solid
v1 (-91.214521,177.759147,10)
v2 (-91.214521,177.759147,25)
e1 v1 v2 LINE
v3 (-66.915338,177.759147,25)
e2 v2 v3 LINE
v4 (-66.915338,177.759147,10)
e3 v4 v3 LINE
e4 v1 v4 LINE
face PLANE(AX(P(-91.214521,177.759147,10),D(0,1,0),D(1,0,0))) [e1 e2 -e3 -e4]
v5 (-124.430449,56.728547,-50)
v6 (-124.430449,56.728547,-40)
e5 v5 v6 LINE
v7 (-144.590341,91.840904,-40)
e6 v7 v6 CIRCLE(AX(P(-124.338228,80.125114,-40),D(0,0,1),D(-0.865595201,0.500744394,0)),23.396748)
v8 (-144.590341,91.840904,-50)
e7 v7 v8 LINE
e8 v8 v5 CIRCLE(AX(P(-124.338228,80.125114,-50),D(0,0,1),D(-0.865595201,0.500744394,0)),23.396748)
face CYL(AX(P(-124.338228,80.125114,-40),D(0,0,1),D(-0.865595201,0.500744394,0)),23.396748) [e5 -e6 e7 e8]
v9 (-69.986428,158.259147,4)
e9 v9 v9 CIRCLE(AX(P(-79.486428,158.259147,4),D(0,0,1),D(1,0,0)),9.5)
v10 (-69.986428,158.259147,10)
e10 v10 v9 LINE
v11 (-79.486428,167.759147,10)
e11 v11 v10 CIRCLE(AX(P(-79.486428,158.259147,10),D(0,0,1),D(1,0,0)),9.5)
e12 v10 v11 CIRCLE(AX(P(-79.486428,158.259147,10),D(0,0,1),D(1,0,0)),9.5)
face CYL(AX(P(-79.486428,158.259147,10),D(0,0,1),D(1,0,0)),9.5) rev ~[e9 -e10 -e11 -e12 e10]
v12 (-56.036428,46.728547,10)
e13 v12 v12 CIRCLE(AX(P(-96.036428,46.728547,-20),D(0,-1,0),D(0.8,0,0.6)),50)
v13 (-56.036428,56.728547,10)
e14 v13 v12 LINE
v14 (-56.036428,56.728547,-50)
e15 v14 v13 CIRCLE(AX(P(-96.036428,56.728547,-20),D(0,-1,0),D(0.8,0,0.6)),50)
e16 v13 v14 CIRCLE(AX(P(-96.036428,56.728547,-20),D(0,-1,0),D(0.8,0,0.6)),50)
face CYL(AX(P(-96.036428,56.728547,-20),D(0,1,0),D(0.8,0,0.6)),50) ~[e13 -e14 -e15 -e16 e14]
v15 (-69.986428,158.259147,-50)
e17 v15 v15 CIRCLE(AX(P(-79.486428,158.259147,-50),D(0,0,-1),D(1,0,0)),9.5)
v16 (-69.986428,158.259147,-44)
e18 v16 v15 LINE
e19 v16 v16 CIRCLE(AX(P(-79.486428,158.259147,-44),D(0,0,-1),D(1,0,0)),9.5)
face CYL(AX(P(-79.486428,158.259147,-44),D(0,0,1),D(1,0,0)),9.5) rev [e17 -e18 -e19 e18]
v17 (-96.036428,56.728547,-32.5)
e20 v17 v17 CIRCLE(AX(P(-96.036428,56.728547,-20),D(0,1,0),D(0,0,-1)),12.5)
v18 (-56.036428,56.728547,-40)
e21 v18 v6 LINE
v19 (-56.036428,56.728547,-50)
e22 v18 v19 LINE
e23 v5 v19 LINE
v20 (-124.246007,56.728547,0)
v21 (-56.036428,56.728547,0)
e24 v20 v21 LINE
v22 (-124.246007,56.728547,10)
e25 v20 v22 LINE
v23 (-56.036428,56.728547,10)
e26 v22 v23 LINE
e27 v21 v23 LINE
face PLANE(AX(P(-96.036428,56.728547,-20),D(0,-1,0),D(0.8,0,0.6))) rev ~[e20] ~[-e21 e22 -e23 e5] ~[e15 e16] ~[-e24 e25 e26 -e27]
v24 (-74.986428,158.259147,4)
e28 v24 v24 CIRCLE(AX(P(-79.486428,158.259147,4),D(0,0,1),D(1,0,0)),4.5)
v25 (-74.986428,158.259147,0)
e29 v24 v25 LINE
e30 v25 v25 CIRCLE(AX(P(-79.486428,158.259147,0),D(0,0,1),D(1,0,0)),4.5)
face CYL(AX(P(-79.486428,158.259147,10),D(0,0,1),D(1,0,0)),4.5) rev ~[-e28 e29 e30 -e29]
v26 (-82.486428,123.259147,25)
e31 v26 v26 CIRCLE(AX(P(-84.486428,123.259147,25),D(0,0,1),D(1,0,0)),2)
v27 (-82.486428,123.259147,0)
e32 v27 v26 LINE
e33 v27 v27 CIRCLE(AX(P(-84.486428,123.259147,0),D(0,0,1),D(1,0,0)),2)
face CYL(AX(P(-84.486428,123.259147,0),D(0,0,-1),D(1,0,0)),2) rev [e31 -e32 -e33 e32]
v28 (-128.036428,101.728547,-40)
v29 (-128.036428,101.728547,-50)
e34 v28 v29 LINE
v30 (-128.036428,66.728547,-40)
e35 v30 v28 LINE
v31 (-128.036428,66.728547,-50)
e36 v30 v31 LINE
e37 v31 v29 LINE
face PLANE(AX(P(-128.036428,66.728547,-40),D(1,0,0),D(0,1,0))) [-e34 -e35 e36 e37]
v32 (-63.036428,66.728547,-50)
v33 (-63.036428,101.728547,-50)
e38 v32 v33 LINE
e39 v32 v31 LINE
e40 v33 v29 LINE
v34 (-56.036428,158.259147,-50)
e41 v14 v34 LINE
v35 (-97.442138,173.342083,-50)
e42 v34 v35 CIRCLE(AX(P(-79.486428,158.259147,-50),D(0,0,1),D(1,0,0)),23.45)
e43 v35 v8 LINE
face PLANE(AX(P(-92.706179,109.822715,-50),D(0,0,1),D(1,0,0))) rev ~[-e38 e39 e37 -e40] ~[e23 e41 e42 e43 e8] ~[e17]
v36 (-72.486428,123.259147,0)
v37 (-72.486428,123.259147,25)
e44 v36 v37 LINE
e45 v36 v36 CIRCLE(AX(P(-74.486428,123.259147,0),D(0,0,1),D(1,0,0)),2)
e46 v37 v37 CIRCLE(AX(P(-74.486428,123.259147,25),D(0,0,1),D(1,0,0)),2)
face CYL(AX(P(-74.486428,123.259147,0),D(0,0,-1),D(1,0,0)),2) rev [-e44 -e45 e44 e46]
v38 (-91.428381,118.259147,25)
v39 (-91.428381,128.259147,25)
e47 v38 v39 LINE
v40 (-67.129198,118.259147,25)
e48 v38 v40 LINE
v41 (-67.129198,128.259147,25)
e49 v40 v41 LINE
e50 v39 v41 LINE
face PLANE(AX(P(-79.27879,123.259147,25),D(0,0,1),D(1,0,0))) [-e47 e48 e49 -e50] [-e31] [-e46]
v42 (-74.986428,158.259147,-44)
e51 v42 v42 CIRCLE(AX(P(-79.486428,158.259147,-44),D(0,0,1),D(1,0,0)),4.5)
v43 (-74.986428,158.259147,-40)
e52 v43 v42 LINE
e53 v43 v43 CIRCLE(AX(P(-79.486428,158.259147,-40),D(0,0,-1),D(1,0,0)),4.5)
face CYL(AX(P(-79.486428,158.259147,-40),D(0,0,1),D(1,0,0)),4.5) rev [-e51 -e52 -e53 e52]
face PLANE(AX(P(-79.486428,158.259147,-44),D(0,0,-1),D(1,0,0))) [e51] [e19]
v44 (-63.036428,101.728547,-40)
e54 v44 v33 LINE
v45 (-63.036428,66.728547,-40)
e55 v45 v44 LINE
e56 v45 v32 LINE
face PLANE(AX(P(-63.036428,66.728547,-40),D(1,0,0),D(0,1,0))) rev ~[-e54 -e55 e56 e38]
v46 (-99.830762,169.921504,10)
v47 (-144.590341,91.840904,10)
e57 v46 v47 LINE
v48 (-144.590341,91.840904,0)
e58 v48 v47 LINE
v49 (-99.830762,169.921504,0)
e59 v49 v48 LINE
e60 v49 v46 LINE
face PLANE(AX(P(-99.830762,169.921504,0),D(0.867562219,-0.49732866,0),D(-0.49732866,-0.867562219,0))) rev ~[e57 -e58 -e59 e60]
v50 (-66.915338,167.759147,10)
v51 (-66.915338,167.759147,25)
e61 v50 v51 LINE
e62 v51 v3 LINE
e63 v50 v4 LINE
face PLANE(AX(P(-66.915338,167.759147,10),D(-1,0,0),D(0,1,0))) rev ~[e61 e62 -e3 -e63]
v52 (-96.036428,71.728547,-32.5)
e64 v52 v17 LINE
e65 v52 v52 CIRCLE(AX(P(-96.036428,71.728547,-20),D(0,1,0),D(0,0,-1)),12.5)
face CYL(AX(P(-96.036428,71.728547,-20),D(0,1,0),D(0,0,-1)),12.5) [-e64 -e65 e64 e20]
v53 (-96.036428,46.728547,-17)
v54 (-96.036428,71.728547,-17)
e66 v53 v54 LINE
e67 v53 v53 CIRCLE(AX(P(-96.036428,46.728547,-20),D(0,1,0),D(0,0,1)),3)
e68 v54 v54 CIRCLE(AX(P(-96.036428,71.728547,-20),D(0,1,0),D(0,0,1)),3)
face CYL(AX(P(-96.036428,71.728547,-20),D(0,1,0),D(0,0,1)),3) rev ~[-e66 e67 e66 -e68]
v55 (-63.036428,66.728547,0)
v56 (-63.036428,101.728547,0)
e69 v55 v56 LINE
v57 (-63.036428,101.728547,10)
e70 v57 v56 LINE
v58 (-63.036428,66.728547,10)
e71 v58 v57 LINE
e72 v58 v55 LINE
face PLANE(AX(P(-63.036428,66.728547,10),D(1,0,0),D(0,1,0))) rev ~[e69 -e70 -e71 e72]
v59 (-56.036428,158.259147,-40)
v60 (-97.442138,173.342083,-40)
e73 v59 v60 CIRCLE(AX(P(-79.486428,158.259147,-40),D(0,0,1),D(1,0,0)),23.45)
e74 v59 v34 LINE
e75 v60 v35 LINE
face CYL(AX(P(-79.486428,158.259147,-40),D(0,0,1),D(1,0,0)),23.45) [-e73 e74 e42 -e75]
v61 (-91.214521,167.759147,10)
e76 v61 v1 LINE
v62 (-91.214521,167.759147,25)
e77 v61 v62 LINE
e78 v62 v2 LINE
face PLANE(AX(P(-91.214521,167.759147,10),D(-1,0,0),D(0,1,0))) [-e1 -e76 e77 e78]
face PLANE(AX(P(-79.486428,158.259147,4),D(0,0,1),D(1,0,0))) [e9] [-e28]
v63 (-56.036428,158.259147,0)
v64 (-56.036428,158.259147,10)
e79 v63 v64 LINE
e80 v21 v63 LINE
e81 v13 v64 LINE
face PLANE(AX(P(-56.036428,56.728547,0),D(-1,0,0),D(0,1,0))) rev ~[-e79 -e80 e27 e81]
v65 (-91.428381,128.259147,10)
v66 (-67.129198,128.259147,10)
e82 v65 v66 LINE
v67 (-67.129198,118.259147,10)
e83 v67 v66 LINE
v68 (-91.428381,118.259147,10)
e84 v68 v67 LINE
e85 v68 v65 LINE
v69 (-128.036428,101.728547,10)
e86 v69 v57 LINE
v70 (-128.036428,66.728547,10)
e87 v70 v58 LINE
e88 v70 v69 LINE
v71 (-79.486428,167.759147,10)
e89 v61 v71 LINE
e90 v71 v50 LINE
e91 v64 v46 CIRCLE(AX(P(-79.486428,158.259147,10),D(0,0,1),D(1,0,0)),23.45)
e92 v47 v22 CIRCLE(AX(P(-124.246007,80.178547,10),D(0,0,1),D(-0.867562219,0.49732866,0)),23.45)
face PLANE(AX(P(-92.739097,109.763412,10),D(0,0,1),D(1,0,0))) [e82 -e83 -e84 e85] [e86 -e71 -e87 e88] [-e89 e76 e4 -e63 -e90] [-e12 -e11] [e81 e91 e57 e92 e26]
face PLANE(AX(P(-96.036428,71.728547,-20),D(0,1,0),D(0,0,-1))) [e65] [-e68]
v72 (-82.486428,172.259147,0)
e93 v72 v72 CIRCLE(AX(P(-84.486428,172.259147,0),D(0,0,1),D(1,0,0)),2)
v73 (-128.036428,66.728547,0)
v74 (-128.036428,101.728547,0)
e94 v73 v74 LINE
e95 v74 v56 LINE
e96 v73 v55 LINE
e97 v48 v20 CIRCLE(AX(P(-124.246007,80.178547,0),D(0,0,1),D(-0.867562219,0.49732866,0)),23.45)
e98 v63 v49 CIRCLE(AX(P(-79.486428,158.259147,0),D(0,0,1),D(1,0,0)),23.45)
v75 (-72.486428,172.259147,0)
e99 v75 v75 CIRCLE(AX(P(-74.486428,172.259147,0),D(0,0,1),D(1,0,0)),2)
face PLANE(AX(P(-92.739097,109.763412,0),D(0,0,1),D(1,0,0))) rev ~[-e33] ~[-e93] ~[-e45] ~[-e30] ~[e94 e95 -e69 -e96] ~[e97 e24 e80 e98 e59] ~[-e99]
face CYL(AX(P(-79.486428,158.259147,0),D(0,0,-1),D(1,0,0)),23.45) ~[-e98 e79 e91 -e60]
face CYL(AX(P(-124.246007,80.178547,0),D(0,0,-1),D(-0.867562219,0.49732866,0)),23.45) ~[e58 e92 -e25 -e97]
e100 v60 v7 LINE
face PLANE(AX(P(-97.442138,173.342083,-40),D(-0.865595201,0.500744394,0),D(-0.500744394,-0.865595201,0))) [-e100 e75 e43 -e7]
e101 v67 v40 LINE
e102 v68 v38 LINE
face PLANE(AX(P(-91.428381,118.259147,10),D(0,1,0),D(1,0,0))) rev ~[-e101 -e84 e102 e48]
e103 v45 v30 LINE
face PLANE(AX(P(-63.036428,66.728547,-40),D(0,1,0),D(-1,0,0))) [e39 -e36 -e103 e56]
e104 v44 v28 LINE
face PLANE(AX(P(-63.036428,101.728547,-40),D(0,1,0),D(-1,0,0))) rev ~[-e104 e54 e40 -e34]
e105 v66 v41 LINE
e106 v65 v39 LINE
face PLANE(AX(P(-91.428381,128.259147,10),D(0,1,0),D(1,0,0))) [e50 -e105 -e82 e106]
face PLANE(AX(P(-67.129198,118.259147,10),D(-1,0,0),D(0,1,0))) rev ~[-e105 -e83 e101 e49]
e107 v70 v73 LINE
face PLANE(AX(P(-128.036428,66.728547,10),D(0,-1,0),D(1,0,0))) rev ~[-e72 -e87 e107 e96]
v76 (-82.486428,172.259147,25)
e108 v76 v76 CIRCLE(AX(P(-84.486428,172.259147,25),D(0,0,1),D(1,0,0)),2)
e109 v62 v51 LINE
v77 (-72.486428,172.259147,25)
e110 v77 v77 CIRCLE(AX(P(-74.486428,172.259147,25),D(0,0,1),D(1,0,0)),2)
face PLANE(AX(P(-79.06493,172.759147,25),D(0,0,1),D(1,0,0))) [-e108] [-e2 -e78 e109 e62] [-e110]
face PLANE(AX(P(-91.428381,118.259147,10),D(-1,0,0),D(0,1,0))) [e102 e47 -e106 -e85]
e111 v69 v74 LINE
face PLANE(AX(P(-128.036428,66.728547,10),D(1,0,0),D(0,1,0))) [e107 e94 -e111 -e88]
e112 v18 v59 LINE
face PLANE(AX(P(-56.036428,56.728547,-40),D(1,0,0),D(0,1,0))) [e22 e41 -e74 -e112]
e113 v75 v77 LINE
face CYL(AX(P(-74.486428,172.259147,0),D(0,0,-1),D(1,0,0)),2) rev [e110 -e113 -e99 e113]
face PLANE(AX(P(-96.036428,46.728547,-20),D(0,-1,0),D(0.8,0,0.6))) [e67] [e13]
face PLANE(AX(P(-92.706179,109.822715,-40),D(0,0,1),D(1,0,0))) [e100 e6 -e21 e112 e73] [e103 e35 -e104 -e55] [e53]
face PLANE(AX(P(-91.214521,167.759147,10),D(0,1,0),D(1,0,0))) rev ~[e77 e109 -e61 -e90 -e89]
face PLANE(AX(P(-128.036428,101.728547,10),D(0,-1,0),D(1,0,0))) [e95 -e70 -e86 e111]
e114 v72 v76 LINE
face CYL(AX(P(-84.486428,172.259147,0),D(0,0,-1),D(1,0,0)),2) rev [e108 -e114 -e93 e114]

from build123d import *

# Parameters (mm, degrees)
BOSS_EXTRUDE2_DEPTH     = 10
CUT_EXTRUDE2_REACH      = 236.376
SKETCH2_R               = 4.5
SKETCH3_R               = 9.5
CUT_EXTRUDE3_DEPTH      = 6
SKETCH6_W               = 24.299182762
SKETCH6_H               = 10
SKETCH6_W_2             = 24.299182761
BOSS_EXTRUDE7_DEPTH     = 15
CUT_EXTRUDE5_DEPTH      = 15
CUT_EXTRUDE5_DEPTH_BACK = 10
SKETCH5_R               = 2
SKETCH10_W              = 65
SKETCH10_H              = 35
CUT_EXTRUDE6_DEPTH      = 235.64297264
SKETCH11_R              = 4.5
SKETCH11_W              = 65
SKETCH11_H              = 35
BOSS_EXTRUDE8_DEPTH     = 10
SKETCH12_R              = 50
BOSS_EXTRUDE9_DEPTH     = 10
SKETCH13_R              = 3
CUT_EXTRUDE7_DEPTH      = 10
BOSS_EXTRUDE10_START    = 15
SKETCH14_R              = 12.5
SKETCH14_R_2            = 3
BOSS_EXTRUDE10_DEPTH    = 15
CUT_EXTRUDE8_START      = -6
SKETCH15_R              = 9.5
CUT_EXTRUDE8_DEPTH      = 6


with BuildPart() as part:
    # Sketch1 → Boss-Extrude2 (new body)
    with BuildSketch(Plane.XY):
        with BuildLine():
            Line((-99.83076192, 169.92150388), (-144.590341361, 91.840904188))
            ThreePointArc((-144.590341361, 91.840904188), (-144.536211539, 68.422267368), (-124.24600733, 56.7285471))
            Line((-124.24600733, 56.7285471), (-79.486427889, 56.7285471))
            Line((-79.486427889, 56.7285471), (-79.24600733, 56.7285471))
            Line((-79.24600733, 56.7285471), (-56.036427889, 56.7285471))
            Line((-56.036427889, 56.7285471), (-56.036427889, 158.259146792))
            ThreePointArc((-56.036427889, 158.259146792), (-73.452032021, 180.919432901), (-99.83076192, 169.92150388))
        make_face()
    extrude(amount=BOSS_EXTRUDE2_DEPTH)

    # Sketch2 → Cut-Extrude2 (cut, up to next)
    with BuildSketch(Plane.XY.offset(10), mode=Mode.PRIVATE) as cut_extrude2_sk1:
        with Locations((-79.486427889, 158.259146792)):
            Circle(SKETCH2_R)
    cut_extrude2_tool1 = extrude(cut_extrude2_sk1.sketch, amount=-CUT_EXTRUDE2_REACH, mode=Mode.PRIVATE) & part.part
    add(cut_extrude2_tool1.solids().sort_by_distance((-79.486428, 158.259147, 10))[0], mode=Mode.SUBTRACT)

    # Sketch3 → Cut-Extrude3 (cut)
    with BuildSketch(Plane.XY.offset(10)):
        with Locations((-79.486427889, 158.259146792)):
            Circle(SKETCH3_R)
    extrude(amount=-CUT_EXTRUDE3_DEPTH, mode=Mode.SUBTRACT)

    # Sketch6 → Boss-Extrude7 (add)
    with BuildSketch(Plane.XY.offset(10)):
        with Locations((-79.278789724, 123.259146792)):
            Rectangle(SKETCH6_W, SKETCH6_H)
        with Locations((-79.064929675, 172.759146792)):
            Rectangle(SKETCH6_W_2, SKETCH6_H)
    extrude(amount=BOSS_EXTRUDE7_DEPTH)

    # Sketch5 → Cut-Extrude5 (cut, two sides: drawn at the far end of the back side and taken through both)
    with BuildSketch(Plane.XY.offset(10).offset(-CUT_EXTRUDE5_DEPTH_BACK)):
        with Locations((-84.486427889, 172.259146792)):
            Circle(SKETCH5_R)
        with Locations((-74.486427889, 172.259146792)):
            Circle(SKETCH5_R)
        with Locations((-84.486427889, 123.259146792)):
            Circle(SKETCH5_R)
        with Locations((-74.486427889, 123.259146792)):
            Circle(SKETCH5_R)
    extrude(amount=CUT_EXTRUDE5_DEPTH + CUT_EXTRUDE5_DEPTH_BACK, mode=Mode.SUBTRACT)

    # Sketch10 → Cut-Extrude6 (cut, through all)
    with BuildSketch(Plane.XY.offset(10)):
        with Locations((-95.536427889, 84.2285471)):
            Rectangle(SKETCH10_W, SKETCH10_H)
    extrude(amount=-CUT_EXTRUDE6_DEPTH, mode=Mode.SUBTRACT)



with BuildPart() as body_2:
    # Sketch11 → Boss-Extrude8 (new body)
    with BuildSketch(Plane(origin=(0, 0, -40), x_dir=(-1, 0, 0), z_dir=(0, 0, -1))):
        with BuildLine():
            Line((56.036427889, 56.7285471), (56.036427889, 158.259146792))
            ThreePointArc((56.036427889, 158.259146792), (71.460186532, 180.292801725), (97.442137883, 173.342083462))
            Line((97.442137883, 173.342083462), (144.590341361, 91.840904188))
            ThreePointArc((144.590341361, 91.840904188), (144.582356287, 68.395530793), (124.24600733, 56.7285471))
            Line((124.24600733, 56.7285471), (56.036427889, 56.7285471))
        make_face()
        with Locations(Location((79.486427889, 158.259146792, 0), (0, 0, 180))):
            Circle(SKETCH11_R, mode=Mode.SUBTRACT)
        with Locations((95.536427889, 84.2285471)):
            Rectangle(SKETCH11_W, SKETCH11_H, mode=Mode.SUBTRACT)
    extrude(amount=BOSS_EXTRUDE8_DEPTH)


with BuildPart() as part_1:
    add(part.part)

    add(body_2.part)  # Boss-Extrude9 merges body 2
    # Sketch12 → Boss-Extrude9 (add)
    with BuildSketch(Plane.XZ.offset(-56.7285471)):
        with Locations(Location((-96.036427889, -20, 0), (0, 0, 36.869897646))):
            Circle(SKETCH12_R)
    extrude(amount=BOSS_EXTRUDE9_DEPTH)

    # Sketch13 → Cut-Extrude7 (cut)
    with BuildSketch(Plane(origin=(0, 56.7285471, 0), x_dir=(1, 0, 0), z_dir=(0, 1, 0))):
        with Locations(Location((-96.036427889, 20, 0), (0, 0, 270))):
            Circle(SKETCH13_R)
    extrude(amount=-CUT_EXTRUDE7_DEPTH, mode=Mode.SUBTRACT)

    # Sketch14 → Boss-Extrude10 (add)
    with BuildSketch(Plane(origin=(0, 56.7285471, 0), x_dir=(1, 0, 0), z_dir=(0, 1, 0)).offset(BOSS_EXTRUDE10_START)):
        with Locations(Location((-96.036427889, 20, 0), (0, 0, 90))):
            Circle(SKETCH14_R)
        with Locations(Location((-96.036427889, 20, 0), (0, 0, 270))):
            Circle(SKETCH14_R_2, mode=Mode.SUBTRACT)
    extrude(amount=-BOSS_EXTRUDE10_DEPTH)

    # Sketch15 → Cut-Extrude8 (cut)
    with BuildSketch(Plane(origin=(0, 0, -50), x_dir=(-1, 0, 0), z_dir=(0, 0, -1)).offset(CUT_EXTRUDE8_START)):
        with Locations(Location((79.486427889, 158.259146792, 0), (0, 0, 180))):
            Circle(SKETCH15_R)
    extrude(amount=CUT_EXTRUDE8_DEPTH, mode=Mode.SUBTRACT)


solid = part_1.part
